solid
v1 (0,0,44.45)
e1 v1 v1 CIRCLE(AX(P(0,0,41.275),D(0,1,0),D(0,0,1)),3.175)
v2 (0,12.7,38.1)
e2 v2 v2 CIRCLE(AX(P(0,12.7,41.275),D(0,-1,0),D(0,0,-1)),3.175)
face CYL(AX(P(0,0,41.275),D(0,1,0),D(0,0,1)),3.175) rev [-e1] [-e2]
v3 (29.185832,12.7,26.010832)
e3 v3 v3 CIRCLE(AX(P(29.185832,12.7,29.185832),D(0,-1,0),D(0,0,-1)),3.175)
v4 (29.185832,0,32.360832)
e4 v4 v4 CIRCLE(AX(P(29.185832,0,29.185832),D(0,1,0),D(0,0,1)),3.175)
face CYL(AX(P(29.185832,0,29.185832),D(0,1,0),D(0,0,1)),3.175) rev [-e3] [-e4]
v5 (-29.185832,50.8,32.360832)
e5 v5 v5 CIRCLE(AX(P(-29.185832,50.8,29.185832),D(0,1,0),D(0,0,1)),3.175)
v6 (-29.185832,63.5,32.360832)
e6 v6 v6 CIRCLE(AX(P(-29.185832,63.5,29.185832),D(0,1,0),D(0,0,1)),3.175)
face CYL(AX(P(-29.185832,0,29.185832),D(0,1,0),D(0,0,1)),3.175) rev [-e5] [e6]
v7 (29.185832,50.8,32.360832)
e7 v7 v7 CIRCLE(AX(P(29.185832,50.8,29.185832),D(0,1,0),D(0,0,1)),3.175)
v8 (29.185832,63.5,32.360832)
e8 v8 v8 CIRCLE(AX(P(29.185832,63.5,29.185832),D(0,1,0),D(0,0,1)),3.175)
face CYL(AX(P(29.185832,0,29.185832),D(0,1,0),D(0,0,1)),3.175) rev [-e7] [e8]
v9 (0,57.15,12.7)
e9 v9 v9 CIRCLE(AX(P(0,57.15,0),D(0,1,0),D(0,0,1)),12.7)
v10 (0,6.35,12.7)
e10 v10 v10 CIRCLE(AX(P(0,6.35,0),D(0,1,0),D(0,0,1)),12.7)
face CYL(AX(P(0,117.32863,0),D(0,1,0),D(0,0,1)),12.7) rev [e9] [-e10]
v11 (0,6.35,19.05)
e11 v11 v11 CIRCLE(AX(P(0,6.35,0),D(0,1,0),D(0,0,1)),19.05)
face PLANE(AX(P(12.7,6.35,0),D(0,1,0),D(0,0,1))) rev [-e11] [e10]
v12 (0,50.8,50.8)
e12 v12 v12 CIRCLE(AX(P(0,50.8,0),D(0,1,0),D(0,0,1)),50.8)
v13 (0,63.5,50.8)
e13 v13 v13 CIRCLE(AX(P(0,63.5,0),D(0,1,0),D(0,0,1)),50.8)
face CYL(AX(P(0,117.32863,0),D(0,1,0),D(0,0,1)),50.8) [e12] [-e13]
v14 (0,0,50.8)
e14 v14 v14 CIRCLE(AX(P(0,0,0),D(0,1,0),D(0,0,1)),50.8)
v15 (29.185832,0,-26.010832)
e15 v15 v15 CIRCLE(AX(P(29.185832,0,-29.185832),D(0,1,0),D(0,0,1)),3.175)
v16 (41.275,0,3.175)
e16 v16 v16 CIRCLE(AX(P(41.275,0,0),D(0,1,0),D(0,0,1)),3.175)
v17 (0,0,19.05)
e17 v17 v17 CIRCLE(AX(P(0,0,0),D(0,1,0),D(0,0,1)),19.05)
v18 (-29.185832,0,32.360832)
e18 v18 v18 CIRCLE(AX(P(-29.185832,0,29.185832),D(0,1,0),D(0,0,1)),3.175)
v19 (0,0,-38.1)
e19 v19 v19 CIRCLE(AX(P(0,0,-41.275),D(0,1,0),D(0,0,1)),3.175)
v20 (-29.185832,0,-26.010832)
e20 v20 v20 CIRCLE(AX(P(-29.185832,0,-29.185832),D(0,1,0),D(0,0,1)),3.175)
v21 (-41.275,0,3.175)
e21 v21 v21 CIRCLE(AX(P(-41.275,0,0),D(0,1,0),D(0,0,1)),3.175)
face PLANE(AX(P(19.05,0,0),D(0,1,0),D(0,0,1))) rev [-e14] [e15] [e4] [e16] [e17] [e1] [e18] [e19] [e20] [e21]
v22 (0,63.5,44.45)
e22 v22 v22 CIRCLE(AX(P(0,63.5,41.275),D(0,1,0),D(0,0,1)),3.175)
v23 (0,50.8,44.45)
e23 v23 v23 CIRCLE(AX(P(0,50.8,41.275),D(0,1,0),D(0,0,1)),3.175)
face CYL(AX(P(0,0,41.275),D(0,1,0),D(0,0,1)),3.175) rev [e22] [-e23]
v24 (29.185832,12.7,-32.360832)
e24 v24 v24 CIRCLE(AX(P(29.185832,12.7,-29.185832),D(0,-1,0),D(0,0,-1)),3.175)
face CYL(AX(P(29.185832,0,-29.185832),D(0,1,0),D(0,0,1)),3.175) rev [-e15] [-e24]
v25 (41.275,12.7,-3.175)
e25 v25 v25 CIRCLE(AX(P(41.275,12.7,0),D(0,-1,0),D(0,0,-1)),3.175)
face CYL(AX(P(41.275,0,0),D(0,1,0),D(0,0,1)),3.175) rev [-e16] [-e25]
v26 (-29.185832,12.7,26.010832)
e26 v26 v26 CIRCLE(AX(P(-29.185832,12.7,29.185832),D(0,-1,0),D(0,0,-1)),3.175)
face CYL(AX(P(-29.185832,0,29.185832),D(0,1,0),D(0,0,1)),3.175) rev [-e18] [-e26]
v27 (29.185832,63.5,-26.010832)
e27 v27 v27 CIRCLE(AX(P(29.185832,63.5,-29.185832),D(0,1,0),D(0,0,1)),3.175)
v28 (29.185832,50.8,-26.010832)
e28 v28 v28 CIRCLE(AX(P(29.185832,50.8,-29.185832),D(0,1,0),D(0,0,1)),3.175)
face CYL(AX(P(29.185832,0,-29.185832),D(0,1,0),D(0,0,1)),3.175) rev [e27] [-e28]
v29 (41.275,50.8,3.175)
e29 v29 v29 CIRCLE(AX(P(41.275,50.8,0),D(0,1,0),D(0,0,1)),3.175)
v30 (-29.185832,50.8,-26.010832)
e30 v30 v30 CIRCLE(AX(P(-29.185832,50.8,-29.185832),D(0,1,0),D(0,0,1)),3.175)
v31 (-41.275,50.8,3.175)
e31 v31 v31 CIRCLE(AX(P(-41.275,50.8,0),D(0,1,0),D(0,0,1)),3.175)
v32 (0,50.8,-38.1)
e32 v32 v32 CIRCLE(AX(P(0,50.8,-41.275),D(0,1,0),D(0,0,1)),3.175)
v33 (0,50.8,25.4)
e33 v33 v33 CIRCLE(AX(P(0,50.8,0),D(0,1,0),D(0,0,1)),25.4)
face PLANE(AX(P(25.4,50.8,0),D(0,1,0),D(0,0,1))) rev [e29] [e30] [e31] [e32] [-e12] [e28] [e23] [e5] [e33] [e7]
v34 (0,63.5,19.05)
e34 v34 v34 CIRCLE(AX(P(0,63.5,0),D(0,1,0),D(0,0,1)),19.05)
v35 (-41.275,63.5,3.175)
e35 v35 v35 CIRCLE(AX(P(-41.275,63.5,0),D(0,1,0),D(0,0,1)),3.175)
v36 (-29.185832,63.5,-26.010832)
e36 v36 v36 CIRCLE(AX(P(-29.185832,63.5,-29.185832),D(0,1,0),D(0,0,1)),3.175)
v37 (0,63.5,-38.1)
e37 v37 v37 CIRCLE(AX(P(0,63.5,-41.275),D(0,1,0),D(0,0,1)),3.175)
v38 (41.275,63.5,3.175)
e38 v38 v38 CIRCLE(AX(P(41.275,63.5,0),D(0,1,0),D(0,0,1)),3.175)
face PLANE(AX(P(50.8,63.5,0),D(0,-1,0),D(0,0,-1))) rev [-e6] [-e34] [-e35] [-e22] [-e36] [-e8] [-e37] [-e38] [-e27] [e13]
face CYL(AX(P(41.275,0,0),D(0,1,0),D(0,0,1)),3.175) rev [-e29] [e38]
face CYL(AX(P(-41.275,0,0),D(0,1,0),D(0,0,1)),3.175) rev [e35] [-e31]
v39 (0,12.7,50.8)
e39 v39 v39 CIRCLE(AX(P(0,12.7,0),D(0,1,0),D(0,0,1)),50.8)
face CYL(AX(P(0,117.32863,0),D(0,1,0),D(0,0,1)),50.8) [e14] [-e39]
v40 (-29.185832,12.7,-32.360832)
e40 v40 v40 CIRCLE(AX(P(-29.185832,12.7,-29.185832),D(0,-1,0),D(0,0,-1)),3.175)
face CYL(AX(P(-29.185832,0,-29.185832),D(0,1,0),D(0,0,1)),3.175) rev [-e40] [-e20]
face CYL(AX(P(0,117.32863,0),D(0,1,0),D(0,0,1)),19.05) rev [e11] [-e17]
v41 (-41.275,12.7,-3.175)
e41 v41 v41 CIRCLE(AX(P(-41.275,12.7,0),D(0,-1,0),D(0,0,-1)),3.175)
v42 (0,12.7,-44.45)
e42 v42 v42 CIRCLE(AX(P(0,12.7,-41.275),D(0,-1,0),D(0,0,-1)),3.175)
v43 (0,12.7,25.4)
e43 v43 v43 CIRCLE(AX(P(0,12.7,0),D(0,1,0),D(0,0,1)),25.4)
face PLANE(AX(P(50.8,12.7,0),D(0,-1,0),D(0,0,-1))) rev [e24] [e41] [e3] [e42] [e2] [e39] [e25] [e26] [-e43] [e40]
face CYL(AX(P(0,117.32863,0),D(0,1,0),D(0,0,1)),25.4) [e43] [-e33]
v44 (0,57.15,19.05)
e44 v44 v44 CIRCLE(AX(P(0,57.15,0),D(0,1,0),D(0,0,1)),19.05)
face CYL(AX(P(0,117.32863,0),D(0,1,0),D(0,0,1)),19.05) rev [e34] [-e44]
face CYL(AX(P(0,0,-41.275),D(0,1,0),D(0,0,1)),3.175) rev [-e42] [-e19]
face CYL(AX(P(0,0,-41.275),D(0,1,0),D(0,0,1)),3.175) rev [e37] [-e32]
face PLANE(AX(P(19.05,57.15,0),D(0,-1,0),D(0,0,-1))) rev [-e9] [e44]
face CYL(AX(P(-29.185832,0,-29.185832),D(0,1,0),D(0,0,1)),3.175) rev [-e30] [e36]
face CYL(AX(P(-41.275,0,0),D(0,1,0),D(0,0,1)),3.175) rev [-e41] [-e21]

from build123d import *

# Parameters (mm, degrees)
SKETCH2_R          = 3.175
CUT_EXTRUDE2_DEPTH = 96.882897328


with BuildPart() as part:
    # Sketch1 → Revolve1 (revolve)
    with BuildSketch(Plane.XY, mode=Mode.PRIVATE) as revolve1_sk:
        Polygon((12.7, 57.15), (12.7, 6.35), (19.05, 6.35), (19.05, 0), (50.8, 0), (50.8, 12.7), (25.4, 12.7), (25.4, 50.8), (50.8, 50.8), (50.8, 63.5), (19.05, 63.5), (19.05, 57.15), align=None)
    revolve(revolve1_sk.sketch.rotate(Axis((0, 117.328630252, 0), (0, -1, 0)), 90), axis=Axis((0, 117.328630252, 0), (0, -1, 0)))

    # Sketch2 → Cut-Extrude2 (cut, through all)
    with BuildSketch(Plane(origin=(0, 63.5, 0), x_dir=(1, 0, 0), z_dir=(0, 1, 0))):
        with Locations(Location((41.275, 0, 0), (0, 0, 270))):
            Circle(SKETCH2_R)
        with Locations(Location((29.185832393, -29.185832393, 0), (0, 0, 270))):
            Circle(SKETCH2_R)
        with Locations(Location((0, -41.275, 0), (0, 0, 270))):
            Circle(SKETCH2_R)
        with Locations(Location((-29.185832393, -29.185832393, 0), (0, 0, 270))):
            Circle(SKETCH2_R)
        with Locations(Location((-41.275, 0, 0), (0, 0, 270))):
            Circle(SKETCH2_R)
        with Locations(Location((-29.185832393, 29.185832393, 0), (0, 0, 270))):
            Circle(SKETCH2_R)
        with Locations(Location((0, 41.275, 0), (0, 0, 270))):
            Circle(SKETCH2_R)
        with Locations(Location((29.185832393, 29.185832393, 0), (0, 0, 270))):
            Circle(SKETCH2_R)
    extrude(amount=-CUT_EXTRUDE2_DEPTH, mode=Mode.SUBTRACT)


solid = part.part
